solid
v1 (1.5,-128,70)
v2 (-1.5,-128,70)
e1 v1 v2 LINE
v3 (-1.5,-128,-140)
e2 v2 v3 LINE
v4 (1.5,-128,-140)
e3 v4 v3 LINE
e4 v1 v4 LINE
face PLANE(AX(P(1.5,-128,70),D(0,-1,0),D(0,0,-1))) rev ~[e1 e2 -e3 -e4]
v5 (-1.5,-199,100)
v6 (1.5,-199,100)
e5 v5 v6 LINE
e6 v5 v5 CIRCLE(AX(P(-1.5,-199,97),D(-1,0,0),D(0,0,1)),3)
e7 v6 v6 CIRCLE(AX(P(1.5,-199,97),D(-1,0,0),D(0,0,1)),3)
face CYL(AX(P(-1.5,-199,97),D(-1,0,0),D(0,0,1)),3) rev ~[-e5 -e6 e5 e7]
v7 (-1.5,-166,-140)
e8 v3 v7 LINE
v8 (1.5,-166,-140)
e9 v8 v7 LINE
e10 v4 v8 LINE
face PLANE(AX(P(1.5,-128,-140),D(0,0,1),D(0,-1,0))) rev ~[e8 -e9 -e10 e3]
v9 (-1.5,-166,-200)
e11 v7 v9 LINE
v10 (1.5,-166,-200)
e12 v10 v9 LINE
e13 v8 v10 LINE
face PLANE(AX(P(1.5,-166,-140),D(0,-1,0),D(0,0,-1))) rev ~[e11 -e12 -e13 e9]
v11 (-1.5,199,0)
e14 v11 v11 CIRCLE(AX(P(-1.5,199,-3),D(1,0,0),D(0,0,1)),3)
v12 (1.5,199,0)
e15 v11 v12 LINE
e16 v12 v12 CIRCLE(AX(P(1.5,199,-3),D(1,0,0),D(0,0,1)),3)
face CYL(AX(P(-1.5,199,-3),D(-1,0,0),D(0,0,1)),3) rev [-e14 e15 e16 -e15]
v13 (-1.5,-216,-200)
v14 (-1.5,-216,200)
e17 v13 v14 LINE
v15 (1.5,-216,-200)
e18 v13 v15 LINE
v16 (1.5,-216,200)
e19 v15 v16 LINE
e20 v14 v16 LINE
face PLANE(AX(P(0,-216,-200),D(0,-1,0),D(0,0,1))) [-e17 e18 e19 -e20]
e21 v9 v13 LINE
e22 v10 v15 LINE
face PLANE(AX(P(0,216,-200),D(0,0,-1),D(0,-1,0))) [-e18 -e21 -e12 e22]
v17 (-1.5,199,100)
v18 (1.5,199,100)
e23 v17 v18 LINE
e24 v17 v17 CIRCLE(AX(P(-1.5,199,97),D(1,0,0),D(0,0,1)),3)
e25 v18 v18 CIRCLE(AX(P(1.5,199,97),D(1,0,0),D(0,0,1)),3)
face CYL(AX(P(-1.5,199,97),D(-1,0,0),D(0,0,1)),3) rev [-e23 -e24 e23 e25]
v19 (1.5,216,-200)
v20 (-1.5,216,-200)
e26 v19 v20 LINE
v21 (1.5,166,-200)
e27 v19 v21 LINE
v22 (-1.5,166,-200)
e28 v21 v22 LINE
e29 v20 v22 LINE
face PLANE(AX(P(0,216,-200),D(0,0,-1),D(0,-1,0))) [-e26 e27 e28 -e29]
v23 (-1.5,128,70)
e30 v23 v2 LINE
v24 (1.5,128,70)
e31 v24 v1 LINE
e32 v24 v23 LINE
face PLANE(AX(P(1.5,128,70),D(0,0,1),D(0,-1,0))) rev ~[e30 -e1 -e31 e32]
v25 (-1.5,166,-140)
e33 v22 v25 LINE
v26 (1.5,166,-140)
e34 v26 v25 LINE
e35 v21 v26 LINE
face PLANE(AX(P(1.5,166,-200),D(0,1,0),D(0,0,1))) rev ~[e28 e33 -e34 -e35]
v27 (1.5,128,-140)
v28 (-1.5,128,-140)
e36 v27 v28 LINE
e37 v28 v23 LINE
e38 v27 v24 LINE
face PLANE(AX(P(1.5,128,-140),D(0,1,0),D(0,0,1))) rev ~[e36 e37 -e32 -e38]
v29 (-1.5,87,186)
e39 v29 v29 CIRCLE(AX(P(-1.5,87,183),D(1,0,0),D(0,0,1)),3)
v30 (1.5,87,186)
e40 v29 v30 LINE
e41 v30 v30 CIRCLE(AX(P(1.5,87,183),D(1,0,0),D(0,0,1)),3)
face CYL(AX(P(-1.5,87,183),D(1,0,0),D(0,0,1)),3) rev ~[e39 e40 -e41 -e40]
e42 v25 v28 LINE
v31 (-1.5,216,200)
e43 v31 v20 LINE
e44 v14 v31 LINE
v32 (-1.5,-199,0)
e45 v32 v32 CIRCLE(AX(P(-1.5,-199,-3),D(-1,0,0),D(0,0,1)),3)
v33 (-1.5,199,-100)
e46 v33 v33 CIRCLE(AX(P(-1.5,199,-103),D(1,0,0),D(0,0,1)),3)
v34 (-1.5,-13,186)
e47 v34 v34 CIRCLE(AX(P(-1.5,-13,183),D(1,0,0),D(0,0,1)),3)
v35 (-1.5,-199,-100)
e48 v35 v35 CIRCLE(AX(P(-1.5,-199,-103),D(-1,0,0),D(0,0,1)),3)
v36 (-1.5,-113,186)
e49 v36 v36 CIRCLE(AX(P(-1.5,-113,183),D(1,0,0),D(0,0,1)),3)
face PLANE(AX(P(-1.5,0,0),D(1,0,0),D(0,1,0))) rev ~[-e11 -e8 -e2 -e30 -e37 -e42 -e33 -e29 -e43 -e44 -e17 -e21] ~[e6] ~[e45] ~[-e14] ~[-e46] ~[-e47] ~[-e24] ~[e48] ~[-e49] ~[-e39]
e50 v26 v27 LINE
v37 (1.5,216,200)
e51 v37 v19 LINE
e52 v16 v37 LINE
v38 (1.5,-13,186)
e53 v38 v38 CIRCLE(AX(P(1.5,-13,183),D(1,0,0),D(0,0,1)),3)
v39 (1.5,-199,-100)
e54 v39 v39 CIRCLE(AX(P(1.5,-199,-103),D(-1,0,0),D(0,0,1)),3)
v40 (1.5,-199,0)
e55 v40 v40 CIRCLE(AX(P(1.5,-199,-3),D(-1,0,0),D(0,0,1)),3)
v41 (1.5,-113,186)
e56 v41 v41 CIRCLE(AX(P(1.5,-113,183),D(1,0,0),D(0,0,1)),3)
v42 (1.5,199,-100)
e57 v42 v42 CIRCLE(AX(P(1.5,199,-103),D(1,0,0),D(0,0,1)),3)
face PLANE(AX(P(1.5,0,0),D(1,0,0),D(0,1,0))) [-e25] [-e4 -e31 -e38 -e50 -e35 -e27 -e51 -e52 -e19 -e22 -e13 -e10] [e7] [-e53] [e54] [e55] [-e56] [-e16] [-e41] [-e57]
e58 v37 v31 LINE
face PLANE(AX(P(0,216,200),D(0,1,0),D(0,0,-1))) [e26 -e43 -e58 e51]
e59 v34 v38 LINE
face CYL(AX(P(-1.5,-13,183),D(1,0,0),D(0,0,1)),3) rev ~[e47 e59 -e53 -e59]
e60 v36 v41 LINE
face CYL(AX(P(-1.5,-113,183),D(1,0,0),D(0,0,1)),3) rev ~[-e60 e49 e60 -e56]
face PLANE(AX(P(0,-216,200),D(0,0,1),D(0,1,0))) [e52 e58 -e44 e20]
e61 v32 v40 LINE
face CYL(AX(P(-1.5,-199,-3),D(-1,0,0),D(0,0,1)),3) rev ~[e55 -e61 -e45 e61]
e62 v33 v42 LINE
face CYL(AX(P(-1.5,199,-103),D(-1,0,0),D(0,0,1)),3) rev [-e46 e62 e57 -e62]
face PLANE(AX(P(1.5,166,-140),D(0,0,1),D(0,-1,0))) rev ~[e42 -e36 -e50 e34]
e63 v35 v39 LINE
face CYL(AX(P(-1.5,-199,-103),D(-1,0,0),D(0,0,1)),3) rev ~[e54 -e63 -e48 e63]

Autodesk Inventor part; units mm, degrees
ref_plane "YZ Plane" through (0, 0, 0) normal (1, 0, 0) x (0, 1, 0)
ref_plane "XZ Plane" through (0, 0, 0) normal (0, 1, 0) x (-1, 0, 0)
ref_plane "XY Plane" through (0, 0, 0) normal (0, 0, 1) x (1, 0, 0)
sketch "Sketch1" plane through (0, 0, 0) normal (1, 0, 0) x (0, 1, 0)
  line L0 (-216, 200) -> (216, 200)
  line L1 (216, 200) -> (216, -200)
  line L2 (216, -200) -> (-216, -200)
  line L3 (-216, -200) -> (-216, 200)
  line L4 (-216, 200) -> (216, -200) construction
  line L5 (216, 200) -> (-216, -200) construction
  point P0 (0, 0)
  dimension "d0" = 400
  dimension "d1" = 432
extrude "Extrusion1" add sketch "Sketch1" along normal mid plane 3
sketch "Sketch2" plane through (1.5, 0, 0) normal (1, 0, 0) x (0, 0, -1)
  line L0 (200, 216) -> (-200, 216) projected
  line L1 (-200, -216) -> (200, -216) projected
  line L2 (200, -216) -> (200, 216) projected
  line L3 (200, 166) -> (140, 166)
  line L4 (140, 166) -> (140, 128)
  line L5 (140, 128) -> (-70, 128)
  line L6 (-70, 128) -> (-70, -128)
  line L7 (-70, -128) -> (140, -128)
  line L8 (140, -128) -> (140, -166)
  line L9 (140, -166) -> (200, -166)
  point P0 (0, 0)
  dimension "d6" = 50
  dimension "d7" = 50
  dimension "d8" = 60
  dimension "d9" = 38
  dimension "d10" = 270
extrude "Extrusion2" cut sketch "Sketch2" against normal blind 3
sketch "Sketch3" plane through (-1.5, 0, 0) normal (-1, 0, 0) x (0, 0, 1)
  circle A0 centre (97, -199) radius 3
  circle A1 centre (-3, -199) radius 3
  circle A2 centre (-103, -199) radius 3
  line L0 (-200, -216) -> (200, -216) projected
  line L1 (200, -216) -> (200, 216) projected
  point P0 (0, 0)
  dimension "d15" = 6
  dimension "d16" = 6
  dimension "d17" = 6
  dimension "d18" = 17
  dimension "d19" = 103
  dimension "d20" = 100
  dimension "d21" = 100
extrude "Extrusion3" cut sketch "Sketch3" against normal blind 3
mirror "Mirror1" about plane through (0, 0, 0) normal (0, 1, 0) of "Extrusion3"
sketch "Sketch4" plane through (-1.5, 0, 0) normal (-1, 0, 0) x (0, 0, 1)
  circle A0 centre (183, 87) radius 2.5 projected
  circle A1 centre (183, -13) radius 2.5 projected
  circle A2 centre (183, -113) radius 2.5 projected
  point P0 (0, 0)
hole "Hole1" at (-1.5, 87, 183) at (-1.5, -13, 183) at (-1.5, -113, 183) direction (1, 0, 0) diameter 6 depth 14.2 tip angle 118
equation "\"d6\" = d7"
properties part number "HCMUTE-CDT23-KXL_A03" material "PMMA Plastic"
